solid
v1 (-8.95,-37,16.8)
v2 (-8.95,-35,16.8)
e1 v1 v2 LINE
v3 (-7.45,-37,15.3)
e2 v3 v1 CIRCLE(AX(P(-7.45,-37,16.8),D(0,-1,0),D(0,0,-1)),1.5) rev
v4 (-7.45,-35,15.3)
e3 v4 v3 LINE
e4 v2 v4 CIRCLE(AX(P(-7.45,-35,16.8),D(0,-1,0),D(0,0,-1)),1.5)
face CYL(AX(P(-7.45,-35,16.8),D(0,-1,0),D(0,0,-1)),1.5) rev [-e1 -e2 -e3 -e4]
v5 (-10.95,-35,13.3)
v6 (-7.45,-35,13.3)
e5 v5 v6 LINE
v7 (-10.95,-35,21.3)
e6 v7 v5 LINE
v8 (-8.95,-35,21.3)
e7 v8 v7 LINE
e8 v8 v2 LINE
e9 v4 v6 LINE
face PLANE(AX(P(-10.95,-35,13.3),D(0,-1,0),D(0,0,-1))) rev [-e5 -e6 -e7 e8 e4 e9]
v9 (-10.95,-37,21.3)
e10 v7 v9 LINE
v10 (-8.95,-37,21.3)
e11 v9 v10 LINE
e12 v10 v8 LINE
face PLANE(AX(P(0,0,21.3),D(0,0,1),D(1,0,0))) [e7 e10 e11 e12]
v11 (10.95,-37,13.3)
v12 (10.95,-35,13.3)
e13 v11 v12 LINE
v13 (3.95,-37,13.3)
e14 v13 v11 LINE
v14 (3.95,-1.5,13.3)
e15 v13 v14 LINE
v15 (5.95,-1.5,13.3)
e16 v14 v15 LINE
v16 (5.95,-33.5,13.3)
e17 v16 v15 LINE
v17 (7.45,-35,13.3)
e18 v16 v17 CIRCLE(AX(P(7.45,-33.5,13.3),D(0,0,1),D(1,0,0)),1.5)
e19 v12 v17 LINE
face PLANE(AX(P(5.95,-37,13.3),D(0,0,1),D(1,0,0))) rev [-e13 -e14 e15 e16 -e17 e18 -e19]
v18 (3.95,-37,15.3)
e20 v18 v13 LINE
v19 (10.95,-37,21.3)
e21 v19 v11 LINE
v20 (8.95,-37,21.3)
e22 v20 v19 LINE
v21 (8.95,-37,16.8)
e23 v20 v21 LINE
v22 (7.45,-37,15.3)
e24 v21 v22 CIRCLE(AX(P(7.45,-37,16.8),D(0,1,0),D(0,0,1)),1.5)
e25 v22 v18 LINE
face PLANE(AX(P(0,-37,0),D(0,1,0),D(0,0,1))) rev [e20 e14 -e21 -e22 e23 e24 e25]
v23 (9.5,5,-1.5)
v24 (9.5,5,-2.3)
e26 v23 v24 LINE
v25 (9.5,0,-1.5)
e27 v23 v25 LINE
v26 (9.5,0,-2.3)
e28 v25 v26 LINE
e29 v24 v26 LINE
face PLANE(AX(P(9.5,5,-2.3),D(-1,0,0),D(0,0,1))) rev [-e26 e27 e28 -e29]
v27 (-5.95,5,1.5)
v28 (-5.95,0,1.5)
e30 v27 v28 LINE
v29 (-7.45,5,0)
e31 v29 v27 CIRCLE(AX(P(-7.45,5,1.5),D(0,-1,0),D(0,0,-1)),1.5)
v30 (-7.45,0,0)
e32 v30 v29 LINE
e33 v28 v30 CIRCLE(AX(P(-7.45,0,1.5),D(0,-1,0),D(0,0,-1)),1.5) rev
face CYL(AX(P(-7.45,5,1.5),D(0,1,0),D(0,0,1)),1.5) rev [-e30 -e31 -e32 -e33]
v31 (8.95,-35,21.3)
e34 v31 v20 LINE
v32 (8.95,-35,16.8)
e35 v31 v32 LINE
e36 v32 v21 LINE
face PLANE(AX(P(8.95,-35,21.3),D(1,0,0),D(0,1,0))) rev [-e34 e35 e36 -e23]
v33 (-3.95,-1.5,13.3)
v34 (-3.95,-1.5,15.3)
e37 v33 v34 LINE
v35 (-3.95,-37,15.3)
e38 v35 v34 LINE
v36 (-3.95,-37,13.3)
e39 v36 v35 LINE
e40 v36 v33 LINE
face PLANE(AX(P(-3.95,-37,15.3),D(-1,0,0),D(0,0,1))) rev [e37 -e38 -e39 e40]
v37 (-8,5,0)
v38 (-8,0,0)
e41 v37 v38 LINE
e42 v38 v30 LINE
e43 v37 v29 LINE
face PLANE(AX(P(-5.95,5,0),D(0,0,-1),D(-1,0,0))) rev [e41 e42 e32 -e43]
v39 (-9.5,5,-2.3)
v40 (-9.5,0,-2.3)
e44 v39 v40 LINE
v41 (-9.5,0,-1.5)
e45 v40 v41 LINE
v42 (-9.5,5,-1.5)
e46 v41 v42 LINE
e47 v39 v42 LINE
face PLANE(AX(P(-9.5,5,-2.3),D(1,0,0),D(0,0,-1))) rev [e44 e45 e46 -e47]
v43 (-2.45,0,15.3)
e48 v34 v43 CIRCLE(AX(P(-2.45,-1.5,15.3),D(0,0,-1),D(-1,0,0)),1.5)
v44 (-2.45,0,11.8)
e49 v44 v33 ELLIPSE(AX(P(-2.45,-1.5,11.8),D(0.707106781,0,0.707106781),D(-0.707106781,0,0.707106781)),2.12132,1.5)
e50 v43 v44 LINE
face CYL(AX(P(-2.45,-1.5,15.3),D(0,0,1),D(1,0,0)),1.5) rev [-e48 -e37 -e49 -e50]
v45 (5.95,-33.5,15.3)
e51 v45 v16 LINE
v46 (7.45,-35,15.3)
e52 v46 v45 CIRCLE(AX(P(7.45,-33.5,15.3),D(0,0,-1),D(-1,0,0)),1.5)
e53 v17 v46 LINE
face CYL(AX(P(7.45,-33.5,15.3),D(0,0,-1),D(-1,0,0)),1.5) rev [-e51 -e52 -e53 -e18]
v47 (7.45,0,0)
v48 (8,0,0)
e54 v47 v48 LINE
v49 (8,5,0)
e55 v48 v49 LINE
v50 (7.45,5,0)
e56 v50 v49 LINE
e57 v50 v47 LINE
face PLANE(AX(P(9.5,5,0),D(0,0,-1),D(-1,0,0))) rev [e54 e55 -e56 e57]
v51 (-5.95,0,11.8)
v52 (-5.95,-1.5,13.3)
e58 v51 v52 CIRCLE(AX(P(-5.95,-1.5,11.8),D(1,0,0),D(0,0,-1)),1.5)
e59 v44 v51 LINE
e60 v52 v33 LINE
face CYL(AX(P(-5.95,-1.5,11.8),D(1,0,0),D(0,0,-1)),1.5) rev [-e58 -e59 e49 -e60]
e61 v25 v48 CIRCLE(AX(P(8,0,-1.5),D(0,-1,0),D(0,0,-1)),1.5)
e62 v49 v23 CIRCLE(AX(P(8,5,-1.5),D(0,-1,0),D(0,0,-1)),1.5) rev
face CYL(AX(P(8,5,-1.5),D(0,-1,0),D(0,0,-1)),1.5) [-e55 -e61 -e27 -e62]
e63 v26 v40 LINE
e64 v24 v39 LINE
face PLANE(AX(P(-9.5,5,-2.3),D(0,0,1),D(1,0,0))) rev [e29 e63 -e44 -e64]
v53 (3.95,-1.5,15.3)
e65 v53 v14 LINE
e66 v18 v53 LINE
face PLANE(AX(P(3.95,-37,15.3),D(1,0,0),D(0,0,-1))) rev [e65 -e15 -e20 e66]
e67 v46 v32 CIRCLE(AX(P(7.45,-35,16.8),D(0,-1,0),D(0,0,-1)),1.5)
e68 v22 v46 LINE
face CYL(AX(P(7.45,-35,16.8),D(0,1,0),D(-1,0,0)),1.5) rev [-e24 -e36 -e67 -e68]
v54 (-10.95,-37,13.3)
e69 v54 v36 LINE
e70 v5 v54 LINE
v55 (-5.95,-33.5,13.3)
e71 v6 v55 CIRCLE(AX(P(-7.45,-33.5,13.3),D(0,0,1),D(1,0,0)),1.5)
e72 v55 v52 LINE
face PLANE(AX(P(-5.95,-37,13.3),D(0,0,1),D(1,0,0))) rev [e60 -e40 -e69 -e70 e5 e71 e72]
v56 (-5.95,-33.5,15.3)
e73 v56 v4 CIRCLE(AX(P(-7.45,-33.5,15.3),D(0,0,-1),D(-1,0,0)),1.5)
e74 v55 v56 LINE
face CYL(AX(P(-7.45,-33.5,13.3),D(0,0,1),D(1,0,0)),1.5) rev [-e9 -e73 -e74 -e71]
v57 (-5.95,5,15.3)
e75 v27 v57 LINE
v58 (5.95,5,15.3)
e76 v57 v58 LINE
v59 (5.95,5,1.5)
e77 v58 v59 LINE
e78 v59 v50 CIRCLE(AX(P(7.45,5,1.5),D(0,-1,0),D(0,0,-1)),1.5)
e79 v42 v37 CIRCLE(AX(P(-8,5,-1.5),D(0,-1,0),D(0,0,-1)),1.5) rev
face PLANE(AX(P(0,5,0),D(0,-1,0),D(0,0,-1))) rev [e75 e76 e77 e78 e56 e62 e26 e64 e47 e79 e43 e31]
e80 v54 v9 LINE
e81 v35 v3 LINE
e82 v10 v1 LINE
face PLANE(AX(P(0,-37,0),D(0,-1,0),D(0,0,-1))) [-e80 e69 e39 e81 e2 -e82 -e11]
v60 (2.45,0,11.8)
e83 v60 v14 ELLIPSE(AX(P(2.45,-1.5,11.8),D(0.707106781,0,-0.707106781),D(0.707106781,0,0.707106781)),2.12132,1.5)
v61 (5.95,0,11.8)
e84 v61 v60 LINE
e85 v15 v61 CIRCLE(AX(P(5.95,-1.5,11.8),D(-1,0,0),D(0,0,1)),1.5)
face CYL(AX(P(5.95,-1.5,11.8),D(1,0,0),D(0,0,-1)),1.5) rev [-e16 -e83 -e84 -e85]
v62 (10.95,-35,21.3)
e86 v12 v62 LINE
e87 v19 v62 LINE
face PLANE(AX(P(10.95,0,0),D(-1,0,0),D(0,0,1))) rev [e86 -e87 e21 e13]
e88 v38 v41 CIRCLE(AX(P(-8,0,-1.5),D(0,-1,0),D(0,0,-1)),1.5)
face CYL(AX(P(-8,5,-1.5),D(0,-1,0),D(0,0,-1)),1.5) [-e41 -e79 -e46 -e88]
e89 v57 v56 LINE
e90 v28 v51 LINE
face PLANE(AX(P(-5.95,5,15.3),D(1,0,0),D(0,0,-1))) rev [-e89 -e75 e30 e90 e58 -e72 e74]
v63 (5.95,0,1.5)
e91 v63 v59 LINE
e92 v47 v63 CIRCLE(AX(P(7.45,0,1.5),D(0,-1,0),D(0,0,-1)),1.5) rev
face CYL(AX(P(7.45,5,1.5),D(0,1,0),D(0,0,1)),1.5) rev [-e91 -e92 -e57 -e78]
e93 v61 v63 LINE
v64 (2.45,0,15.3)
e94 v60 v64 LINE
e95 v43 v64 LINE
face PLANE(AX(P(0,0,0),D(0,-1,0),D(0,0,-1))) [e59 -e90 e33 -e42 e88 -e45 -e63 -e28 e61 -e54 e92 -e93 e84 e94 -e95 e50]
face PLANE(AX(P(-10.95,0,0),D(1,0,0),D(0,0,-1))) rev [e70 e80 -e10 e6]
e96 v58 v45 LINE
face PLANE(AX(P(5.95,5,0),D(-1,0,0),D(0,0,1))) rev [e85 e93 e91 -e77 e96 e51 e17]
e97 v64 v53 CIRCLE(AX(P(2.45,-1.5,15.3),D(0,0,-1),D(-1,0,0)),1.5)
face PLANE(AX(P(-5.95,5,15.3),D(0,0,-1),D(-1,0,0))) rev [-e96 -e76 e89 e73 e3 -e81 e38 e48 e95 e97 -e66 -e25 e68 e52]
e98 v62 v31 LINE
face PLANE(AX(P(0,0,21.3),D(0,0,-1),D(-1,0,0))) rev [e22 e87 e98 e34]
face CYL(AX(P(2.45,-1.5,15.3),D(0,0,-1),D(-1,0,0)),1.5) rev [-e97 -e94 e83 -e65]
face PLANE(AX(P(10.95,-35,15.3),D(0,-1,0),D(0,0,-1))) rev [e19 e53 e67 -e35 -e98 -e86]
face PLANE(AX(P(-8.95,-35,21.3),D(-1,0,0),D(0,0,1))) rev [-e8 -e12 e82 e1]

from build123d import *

# Parameters (mm, degrees)
BOSS_EXTRUDE1_DEPTH = 5
SKETCH2_W           = 2
SKETCH2_H           = 2
BOSS_EXTRUDE2_DEPTH = 37
SKETCH3_W           = 2
SKETCH3_H           = 2
BOSS_EXTRUDE3_DEPTH = 5
SKETCH4_W           = 2
SKETCH4_H           = 2
BOSS_EXTRUDE4_DEPTH = 5
SKETCH5_W           = 2
SKETCH5_H           = 2
BOSS_EXTRUDE5_DEPTH = 6
FILLET2_R           = 1.5
FILLET3_R           = 1.5


with BuildPart() as part:
    # Sketch1 → Boss-Extrude1 (new body)
    with BuildSketch(Plane(origin=(0, 0, 0), x_dir=(1, 0, 0), z_dir=(0, 1, 0))):
        Polygon((-9.5, 2.3), (9.5, 2.3), (9.5, 0), (5.95, 0), (5.95, -15.3), (-5.95, -15.3), (-5.95, 0), (-9.5, 0), align=None)
    extrude(amount=BOSS_EXTRUDE1_DEPTH)

    # Sketch2 → Boss-Extrude2 (add)
    with BuildSketch(Plane.XZ):
        with Locations((-4.95, 14.3)):
            Rectangle(SKETCH2_W, SKETCH2_H)
        with Locations((4.95, 14.3)):
            Rectangle(SKETCH2_W, SKETCH2_H)
    extrude(amount=BOSS_EXTRUDE2_DEPTH)

    # Sketch3 → Boss-Extrude3 (add)
    with BuildSketch(Plane.ZY.offset(5.95)):
        with Locations((14.3, -36)):
            Rectangle(SKETCH3_W, SKETCH3_H)
    extrude(amount=BOSS_EXTRUDE3_DEPTH)

    # Sketch4 → Boss-Extrude4 (add)
    with BuildSketch(Plane(origin=(5.95, 0, 0), x_dir=(0, 0, -1), z_dir=(1, 0, 0))):
        with Locations((-14.3, -36)):
            Rectangle(SKETCH4_W, SKETCH4_H)
    extrude(amount=BOSS_EXTRUDE4_DEPTH)

    # Sketch5 → Boss-Extrude5 (add)
    with BuildSketch(Plane.XY.offset(15.3)):
        with Locations((-9.95, -36)):
            Rectangle(SKETCH5_W, SKETCH5_H)
        with Locations((9.95, -36)):
            Rectangle(SKETCH5_W, SKETCH5_H)
    extrude(amount=BOSS_EXTRUDE5_DEPTH)

    # Fillet2
    fillet2_edges = [part.edges().sort_by_distance(p)[0] for p in [
        (9.5, 2.5, 0),
        (5.95, 2.5, 0),
        (-5.95, 2.5, 0),
        (-9.5, 2.5, 0),
        (-4.95, 0, 13.3),
        (-3.95, 0, 14.3),
        (3.95, 0, 14.3),
        (4.95, 0, 13.3),
        (-5.95, -35, 14.3),
        (5.95, -35, 14.3),
    ]]
    fillet(fillet2_edges, radius=FILLET2_R)

    # Fillet3
    fillet3_edges = [part.edges().sort_by_distance(p)[0] for p in [
        (-8.95, -36, 15.3),
        (8.95, -36, 15.3),
    ]]
    fillet(fillet3_edges, radius=FILLET3_R)


solid = part.part
